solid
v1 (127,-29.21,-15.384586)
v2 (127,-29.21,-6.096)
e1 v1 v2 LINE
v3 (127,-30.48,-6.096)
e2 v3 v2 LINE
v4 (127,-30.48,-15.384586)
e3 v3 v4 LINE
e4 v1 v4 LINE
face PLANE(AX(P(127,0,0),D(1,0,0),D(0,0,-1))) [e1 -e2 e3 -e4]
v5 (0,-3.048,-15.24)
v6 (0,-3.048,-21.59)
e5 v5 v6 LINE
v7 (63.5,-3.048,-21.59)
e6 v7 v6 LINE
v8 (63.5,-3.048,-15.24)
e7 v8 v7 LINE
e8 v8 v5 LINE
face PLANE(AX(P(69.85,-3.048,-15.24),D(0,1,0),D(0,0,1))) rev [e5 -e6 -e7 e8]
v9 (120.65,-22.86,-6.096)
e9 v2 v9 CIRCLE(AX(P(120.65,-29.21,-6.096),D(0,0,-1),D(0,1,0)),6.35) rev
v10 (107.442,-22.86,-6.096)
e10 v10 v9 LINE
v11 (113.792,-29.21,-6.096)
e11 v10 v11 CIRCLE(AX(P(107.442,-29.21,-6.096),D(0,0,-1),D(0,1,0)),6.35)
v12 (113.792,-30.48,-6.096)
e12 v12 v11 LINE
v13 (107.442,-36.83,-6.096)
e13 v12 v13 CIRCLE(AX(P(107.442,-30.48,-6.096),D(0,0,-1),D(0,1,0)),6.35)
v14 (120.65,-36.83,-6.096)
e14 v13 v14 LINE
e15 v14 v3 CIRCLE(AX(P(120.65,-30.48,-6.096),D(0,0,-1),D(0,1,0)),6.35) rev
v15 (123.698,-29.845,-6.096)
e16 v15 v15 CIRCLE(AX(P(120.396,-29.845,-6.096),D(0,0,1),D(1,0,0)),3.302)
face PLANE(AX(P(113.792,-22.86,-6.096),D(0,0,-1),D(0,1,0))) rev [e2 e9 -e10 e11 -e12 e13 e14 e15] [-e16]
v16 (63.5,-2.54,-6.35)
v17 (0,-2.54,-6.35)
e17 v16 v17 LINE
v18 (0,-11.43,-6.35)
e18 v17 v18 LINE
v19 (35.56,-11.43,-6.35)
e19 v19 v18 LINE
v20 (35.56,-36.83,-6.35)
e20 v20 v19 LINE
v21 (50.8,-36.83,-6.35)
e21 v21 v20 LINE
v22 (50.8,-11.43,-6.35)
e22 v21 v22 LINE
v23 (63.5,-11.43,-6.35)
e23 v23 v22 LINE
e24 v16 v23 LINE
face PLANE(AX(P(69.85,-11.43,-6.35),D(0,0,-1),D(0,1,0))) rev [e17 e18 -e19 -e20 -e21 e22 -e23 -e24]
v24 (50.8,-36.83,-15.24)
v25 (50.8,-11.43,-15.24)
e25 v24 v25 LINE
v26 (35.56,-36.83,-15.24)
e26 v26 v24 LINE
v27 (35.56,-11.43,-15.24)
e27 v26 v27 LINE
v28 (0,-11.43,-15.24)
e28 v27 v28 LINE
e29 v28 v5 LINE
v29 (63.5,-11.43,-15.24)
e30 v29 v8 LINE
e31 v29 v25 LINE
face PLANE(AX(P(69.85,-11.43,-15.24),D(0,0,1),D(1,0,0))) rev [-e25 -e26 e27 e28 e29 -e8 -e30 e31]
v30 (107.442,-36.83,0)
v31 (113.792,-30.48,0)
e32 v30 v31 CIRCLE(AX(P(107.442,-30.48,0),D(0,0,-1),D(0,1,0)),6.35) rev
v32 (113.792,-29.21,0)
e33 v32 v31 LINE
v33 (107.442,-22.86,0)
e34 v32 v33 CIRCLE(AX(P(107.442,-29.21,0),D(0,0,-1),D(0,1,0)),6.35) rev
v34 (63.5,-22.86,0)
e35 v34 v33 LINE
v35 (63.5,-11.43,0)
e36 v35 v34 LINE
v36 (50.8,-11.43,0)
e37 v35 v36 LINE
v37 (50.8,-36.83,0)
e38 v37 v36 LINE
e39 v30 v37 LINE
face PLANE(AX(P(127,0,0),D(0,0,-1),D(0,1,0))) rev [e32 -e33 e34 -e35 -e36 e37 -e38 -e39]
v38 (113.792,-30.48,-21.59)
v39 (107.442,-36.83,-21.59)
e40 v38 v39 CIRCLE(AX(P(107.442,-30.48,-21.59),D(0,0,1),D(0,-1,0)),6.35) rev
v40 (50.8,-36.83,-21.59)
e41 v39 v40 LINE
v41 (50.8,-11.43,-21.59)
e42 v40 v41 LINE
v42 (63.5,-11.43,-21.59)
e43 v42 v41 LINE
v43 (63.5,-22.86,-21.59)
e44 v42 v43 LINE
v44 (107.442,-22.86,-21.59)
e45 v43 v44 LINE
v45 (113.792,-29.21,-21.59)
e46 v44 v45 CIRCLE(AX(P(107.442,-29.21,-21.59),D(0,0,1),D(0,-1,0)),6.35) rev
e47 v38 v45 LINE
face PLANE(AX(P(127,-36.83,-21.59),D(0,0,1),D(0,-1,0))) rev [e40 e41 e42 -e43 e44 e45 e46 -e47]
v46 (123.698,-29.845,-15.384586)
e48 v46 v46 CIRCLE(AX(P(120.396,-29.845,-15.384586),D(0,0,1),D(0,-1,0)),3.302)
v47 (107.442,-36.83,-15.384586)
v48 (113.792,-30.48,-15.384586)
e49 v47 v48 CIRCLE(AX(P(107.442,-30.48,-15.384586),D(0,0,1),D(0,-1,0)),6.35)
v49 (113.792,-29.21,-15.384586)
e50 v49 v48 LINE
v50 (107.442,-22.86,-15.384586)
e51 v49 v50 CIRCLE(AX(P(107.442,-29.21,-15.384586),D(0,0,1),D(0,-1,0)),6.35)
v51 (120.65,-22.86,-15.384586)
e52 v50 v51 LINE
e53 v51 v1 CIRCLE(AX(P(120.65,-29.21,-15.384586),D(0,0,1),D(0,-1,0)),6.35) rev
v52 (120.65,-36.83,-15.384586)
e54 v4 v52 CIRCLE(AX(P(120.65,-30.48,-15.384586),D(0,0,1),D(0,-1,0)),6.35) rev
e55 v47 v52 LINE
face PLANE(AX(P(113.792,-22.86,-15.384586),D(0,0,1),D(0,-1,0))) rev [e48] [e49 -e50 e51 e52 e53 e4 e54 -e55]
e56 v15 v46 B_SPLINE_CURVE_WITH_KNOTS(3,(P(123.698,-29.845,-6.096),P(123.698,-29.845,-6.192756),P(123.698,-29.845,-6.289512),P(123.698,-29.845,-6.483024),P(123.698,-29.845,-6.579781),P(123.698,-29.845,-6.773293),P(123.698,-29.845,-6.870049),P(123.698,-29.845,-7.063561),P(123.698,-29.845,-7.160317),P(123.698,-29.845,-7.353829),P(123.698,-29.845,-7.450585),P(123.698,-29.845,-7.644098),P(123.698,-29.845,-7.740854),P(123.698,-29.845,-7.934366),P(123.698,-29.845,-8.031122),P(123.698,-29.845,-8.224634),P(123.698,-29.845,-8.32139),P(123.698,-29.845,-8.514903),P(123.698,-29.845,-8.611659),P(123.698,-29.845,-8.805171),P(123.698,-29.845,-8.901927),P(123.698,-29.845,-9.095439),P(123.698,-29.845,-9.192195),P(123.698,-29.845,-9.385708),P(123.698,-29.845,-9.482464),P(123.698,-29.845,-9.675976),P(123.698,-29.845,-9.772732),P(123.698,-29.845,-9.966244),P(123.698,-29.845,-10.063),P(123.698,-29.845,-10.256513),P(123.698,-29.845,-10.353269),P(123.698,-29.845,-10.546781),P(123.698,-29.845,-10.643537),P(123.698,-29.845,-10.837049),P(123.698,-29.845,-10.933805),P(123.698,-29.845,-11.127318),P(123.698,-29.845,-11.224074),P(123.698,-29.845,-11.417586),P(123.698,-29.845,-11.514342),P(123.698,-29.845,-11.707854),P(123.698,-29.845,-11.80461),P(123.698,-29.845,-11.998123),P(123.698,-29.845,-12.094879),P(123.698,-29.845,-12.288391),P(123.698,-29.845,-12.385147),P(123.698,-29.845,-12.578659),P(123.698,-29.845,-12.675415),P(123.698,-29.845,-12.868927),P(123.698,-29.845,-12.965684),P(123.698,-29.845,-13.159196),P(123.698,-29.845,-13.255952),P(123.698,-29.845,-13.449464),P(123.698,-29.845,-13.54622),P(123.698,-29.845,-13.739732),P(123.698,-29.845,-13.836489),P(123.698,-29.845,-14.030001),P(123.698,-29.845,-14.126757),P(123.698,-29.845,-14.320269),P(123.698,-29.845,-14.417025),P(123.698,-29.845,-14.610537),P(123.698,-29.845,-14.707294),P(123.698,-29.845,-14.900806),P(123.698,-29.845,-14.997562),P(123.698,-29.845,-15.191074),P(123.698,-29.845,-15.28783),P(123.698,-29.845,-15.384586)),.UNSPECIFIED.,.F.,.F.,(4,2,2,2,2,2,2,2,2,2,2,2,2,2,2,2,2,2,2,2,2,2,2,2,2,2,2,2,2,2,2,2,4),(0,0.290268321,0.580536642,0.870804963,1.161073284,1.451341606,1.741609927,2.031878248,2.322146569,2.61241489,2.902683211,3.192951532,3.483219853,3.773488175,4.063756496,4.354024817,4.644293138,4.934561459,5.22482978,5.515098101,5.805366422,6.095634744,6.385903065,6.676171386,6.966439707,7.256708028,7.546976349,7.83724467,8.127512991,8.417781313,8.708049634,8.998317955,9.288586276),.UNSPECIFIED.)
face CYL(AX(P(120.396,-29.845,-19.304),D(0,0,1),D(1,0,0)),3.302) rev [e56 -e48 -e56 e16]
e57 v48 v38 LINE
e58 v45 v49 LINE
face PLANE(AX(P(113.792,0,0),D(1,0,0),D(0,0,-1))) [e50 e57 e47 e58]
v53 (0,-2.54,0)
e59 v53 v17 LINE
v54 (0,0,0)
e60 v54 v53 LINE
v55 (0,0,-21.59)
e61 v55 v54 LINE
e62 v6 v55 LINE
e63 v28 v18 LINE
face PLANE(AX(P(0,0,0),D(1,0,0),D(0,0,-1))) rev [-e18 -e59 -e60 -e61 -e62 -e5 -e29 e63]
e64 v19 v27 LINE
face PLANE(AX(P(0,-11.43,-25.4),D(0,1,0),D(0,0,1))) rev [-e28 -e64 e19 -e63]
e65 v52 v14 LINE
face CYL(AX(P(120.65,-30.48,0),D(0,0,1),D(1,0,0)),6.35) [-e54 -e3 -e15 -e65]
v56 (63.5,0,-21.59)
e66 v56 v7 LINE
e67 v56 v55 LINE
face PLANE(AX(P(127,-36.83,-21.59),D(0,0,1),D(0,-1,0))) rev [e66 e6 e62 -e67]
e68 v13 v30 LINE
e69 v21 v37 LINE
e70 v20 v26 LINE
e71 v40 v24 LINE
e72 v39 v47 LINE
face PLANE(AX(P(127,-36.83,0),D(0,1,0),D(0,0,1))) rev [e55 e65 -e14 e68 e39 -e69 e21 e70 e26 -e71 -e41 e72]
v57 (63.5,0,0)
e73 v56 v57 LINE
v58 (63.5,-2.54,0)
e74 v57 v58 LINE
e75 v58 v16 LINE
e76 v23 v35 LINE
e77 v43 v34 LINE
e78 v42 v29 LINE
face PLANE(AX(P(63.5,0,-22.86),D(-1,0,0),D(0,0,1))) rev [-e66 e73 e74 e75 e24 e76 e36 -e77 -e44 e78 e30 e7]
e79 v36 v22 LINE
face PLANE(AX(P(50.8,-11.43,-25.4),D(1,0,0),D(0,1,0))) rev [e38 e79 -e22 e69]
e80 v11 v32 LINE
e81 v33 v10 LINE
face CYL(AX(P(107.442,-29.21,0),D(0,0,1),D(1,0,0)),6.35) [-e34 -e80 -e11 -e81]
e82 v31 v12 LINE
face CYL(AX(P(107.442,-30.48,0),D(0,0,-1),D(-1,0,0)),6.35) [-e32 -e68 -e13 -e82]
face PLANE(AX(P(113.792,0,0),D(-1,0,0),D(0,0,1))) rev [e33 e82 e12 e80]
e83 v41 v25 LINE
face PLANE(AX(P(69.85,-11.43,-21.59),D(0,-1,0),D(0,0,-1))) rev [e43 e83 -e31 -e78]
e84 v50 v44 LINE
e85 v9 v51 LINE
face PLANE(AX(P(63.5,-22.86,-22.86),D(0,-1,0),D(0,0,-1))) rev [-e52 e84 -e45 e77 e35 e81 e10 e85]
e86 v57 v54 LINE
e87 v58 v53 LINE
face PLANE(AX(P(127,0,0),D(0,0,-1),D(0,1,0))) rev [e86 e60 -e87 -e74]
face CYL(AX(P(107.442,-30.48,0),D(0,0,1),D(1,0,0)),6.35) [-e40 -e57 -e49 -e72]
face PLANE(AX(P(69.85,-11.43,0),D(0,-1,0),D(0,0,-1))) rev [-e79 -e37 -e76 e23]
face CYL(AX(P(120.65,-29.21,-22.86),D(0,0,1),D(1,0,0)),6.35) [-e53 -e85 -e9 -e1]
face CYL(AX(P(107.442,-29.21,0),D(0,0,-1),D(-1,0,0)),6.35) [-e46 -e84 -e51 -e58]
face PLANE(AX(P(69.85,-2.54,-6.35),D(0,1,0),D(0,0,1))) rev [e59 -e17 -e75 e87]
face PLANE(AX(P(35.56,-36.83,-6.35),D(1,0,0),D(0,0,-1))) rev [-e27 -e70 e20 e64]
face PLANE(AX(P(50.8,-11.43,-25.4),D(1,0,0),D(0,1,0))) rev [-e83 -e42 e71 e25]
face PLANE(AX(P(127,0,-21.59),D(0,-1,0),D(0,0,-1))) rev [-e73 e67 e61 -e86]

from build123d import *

# Parameters (mm, degrees)
SKETCH1_W           = 21.59
SKETCH1_H           = 36.83
BOSS_EXTRUDE1_DEPTH = 127
SKETCH2_W           = 50.8
SKETCH2_H           = 25.4
CUT_EXTRUDE1_DEPTH  = 25.4
SKETCH3_W           = 63.5
SKETCH3_H           = 22.86
CUT_EXTRUDE2_DEPTH  = 22.86
SKETCH4_W           = 6.35
SKETCH4_H           = 8.382
CUT_EXTRUDE3_DEPTH  = 69.85
SKETCH5_W           = 6.35
SKETCH5_H           = 8.89
CUT_EXTRUDE4_DEPTH  = 69.85
SKETCH6_W           = 6.096
SKETCH6_H           = 13.97
CUT_EXTRUDE5_DEPTH  = 13.208
SKETCH7_W           = 6.205413724
SKETCH7_H           = 13.97
CUT_EXTRUDE6_DEPTH  = 13.208
SKETCH8_R           = 3.302
CUT_EXTRUDE7_DEPTH  = 13.208
FILLET1_R           = 6.35
FILLET2_R           = 6.35
FILLET3_R           = 6.35
FILLET4_R           = 6.35
FILLET5_R           = 6.35
FILLET6_R           = 6.35
SKETCH9_W           = 15.24
SKETCH9_H           = 8.89
BOSS_EXTRUDE2_DEPTH = 25.4


with BuildPart() as part:
    # Sketch1 → Boss-Extrude1 (new body)
    with BuildSketch(Plane(origin=(0, 0, 0), x_dir=(0, 0, -1), z_dir=(1, 0, 0))):
        with Locations((10.795, -18.415)):
            Rectangle(SKETCH1_W, SKETCH1_H)
    extrude(amount=BOSS_EXTRUDE1_DEPTH)

    # Sketch2 → Cut-Extrude1 (cut)
    with BuildSketch(Plane.XY):
        with Locations((25.4, -24.13)):
            Rectangle(SKETCH2_W, SKETCH2_H)
    extrude(amount=-CUT_EXTRUDE1_DEPTH, mode=Mode.SUBTRACT)

    # Sketch3 → Cut-Extrude2 (cut)
    with BuildSketch(Plane.XY):
        with Locations((95.25, -11.43)):
            Rectangle(SKETCH3_W, SKETCH3_H)
    extrude(amount=-CUT_EXTRUDE2_DEPTH, mode=Mode.SUBTRACT)

    # Sketch4 → Cut-Extrude3 (cut)
    with BuildSketch(Plane.ZY):
        with Locations((-18.415, -7.239)):
            Rectangle(SKETCH4_W, SKETCH4_H)
    extrude(amount=-CUT_EXTRUDE3_DEPTH, mode=Mode.SUBTRACT)

    # Sketch5 → Cut-Extrude4 (cut)
    with BuildSketch(Plane.ZY):
        with Locations((-3.175, -6.985)):
            Rectangle(SKETCH5_W, SKETCH5_H)
    extrude(amount=-CUT_EXTRUDE4_DEPTH, mode=Mode.SUBTRACT)

    # Sketch6 → Cut-Extrude5 (cut)
    with BuildSketch(Plane(origin=(127, 0, 0), x_dir=(0, 0, -1), z_dir=(1, 0, 0))):
        with Locations((3.048, -29.845)):
            Rectangle(SKETCH6_W, SKETCH6_H)
    extrude(amount=-CUT_EXTRUDE5_DEPTH, mode=Mode.SUBTRACT)

    # Sketch7 → Cut-Extrude6 (cut)
    with BuildSketch(Plane(origin=(127, 0, 0), x_dir=(0, 0, -1), z_dir=(1, 0, 0))):
        with Locations((18.487293138, -29.845)):
            Rectangle(SKETCH7_W, SKETCH7_H)
    extrude(amount=-CUT_EXTRUDE6_DEPTH, mode=Mode.SUBTRACT)

    # Sketch8 → Cut-Extrude7 (cut)
    with BuildSketch(Plane.XY.offset(-6.096)):
        with Locations((120.396, -29.845)):
            Circle(SKETCH8_R)
    extrude(amount=-CUT_EXTRUDE7_DEPTH, mode=Mode.SUBTRACT)

    # Fillet1
    fillet1_edges = [part.edges().sort_by_distance(p)[0] for p in [
        (113.792, -22.86, -3.048),
    ]]
    fillet(fillet1_edges, radius=FILLET1_R)

    # Fillet2
    fillet2_edges = [part.edges().sort_by_distance(p)[0] for p in [
        (113.792, -36.83, -3.048),
    ]]
    fillet(fillet2_edges, radius=FILLET2_R)

    # Fillet3
    fillet3_edges = [part.edges().sort_by_distance(p)[0] for p in [
        (113.792, -22.86, -18.487293138),
    ]]
    fillet(fillet3_edges, radius=FILLET3_R)

    # Fillet4
    fillet4_edges = [part.edges().sort_by_distance(p)[0] for p in [
        (113.792, -36.83, -18.487293138),
    ]]
    fillet(fillet4_edges, radius=FILLET4_R)

    # Fillet5
    fillet5_edges = [part.edges().sort_by_distance(p)[0] for p in [
        (127, -22.86, -10.740293138),
    ]]
    fillet(fillet5_edges, radius=FILLET5_R)

    # Fillet6
    fillet6_edges = [part.edges().sort_by_distance(p)[0] for p in [
        (127, -36.83, -10.740293138),
    ]]
    fillet(fillet6_edges, radius=FILLET6_R)

    # Sketch9 → Boss-Extrude2 (add)
    with BuildSketch(Plane.XZ.offset(11.43)):
        with Locations((43.18, -10.795)):
            Rectangle(SKETCH9_W, SKETCH9_H)
    extrude(amount=BOSS_EXTRUDE2_DEPTH)


solid = part.part
